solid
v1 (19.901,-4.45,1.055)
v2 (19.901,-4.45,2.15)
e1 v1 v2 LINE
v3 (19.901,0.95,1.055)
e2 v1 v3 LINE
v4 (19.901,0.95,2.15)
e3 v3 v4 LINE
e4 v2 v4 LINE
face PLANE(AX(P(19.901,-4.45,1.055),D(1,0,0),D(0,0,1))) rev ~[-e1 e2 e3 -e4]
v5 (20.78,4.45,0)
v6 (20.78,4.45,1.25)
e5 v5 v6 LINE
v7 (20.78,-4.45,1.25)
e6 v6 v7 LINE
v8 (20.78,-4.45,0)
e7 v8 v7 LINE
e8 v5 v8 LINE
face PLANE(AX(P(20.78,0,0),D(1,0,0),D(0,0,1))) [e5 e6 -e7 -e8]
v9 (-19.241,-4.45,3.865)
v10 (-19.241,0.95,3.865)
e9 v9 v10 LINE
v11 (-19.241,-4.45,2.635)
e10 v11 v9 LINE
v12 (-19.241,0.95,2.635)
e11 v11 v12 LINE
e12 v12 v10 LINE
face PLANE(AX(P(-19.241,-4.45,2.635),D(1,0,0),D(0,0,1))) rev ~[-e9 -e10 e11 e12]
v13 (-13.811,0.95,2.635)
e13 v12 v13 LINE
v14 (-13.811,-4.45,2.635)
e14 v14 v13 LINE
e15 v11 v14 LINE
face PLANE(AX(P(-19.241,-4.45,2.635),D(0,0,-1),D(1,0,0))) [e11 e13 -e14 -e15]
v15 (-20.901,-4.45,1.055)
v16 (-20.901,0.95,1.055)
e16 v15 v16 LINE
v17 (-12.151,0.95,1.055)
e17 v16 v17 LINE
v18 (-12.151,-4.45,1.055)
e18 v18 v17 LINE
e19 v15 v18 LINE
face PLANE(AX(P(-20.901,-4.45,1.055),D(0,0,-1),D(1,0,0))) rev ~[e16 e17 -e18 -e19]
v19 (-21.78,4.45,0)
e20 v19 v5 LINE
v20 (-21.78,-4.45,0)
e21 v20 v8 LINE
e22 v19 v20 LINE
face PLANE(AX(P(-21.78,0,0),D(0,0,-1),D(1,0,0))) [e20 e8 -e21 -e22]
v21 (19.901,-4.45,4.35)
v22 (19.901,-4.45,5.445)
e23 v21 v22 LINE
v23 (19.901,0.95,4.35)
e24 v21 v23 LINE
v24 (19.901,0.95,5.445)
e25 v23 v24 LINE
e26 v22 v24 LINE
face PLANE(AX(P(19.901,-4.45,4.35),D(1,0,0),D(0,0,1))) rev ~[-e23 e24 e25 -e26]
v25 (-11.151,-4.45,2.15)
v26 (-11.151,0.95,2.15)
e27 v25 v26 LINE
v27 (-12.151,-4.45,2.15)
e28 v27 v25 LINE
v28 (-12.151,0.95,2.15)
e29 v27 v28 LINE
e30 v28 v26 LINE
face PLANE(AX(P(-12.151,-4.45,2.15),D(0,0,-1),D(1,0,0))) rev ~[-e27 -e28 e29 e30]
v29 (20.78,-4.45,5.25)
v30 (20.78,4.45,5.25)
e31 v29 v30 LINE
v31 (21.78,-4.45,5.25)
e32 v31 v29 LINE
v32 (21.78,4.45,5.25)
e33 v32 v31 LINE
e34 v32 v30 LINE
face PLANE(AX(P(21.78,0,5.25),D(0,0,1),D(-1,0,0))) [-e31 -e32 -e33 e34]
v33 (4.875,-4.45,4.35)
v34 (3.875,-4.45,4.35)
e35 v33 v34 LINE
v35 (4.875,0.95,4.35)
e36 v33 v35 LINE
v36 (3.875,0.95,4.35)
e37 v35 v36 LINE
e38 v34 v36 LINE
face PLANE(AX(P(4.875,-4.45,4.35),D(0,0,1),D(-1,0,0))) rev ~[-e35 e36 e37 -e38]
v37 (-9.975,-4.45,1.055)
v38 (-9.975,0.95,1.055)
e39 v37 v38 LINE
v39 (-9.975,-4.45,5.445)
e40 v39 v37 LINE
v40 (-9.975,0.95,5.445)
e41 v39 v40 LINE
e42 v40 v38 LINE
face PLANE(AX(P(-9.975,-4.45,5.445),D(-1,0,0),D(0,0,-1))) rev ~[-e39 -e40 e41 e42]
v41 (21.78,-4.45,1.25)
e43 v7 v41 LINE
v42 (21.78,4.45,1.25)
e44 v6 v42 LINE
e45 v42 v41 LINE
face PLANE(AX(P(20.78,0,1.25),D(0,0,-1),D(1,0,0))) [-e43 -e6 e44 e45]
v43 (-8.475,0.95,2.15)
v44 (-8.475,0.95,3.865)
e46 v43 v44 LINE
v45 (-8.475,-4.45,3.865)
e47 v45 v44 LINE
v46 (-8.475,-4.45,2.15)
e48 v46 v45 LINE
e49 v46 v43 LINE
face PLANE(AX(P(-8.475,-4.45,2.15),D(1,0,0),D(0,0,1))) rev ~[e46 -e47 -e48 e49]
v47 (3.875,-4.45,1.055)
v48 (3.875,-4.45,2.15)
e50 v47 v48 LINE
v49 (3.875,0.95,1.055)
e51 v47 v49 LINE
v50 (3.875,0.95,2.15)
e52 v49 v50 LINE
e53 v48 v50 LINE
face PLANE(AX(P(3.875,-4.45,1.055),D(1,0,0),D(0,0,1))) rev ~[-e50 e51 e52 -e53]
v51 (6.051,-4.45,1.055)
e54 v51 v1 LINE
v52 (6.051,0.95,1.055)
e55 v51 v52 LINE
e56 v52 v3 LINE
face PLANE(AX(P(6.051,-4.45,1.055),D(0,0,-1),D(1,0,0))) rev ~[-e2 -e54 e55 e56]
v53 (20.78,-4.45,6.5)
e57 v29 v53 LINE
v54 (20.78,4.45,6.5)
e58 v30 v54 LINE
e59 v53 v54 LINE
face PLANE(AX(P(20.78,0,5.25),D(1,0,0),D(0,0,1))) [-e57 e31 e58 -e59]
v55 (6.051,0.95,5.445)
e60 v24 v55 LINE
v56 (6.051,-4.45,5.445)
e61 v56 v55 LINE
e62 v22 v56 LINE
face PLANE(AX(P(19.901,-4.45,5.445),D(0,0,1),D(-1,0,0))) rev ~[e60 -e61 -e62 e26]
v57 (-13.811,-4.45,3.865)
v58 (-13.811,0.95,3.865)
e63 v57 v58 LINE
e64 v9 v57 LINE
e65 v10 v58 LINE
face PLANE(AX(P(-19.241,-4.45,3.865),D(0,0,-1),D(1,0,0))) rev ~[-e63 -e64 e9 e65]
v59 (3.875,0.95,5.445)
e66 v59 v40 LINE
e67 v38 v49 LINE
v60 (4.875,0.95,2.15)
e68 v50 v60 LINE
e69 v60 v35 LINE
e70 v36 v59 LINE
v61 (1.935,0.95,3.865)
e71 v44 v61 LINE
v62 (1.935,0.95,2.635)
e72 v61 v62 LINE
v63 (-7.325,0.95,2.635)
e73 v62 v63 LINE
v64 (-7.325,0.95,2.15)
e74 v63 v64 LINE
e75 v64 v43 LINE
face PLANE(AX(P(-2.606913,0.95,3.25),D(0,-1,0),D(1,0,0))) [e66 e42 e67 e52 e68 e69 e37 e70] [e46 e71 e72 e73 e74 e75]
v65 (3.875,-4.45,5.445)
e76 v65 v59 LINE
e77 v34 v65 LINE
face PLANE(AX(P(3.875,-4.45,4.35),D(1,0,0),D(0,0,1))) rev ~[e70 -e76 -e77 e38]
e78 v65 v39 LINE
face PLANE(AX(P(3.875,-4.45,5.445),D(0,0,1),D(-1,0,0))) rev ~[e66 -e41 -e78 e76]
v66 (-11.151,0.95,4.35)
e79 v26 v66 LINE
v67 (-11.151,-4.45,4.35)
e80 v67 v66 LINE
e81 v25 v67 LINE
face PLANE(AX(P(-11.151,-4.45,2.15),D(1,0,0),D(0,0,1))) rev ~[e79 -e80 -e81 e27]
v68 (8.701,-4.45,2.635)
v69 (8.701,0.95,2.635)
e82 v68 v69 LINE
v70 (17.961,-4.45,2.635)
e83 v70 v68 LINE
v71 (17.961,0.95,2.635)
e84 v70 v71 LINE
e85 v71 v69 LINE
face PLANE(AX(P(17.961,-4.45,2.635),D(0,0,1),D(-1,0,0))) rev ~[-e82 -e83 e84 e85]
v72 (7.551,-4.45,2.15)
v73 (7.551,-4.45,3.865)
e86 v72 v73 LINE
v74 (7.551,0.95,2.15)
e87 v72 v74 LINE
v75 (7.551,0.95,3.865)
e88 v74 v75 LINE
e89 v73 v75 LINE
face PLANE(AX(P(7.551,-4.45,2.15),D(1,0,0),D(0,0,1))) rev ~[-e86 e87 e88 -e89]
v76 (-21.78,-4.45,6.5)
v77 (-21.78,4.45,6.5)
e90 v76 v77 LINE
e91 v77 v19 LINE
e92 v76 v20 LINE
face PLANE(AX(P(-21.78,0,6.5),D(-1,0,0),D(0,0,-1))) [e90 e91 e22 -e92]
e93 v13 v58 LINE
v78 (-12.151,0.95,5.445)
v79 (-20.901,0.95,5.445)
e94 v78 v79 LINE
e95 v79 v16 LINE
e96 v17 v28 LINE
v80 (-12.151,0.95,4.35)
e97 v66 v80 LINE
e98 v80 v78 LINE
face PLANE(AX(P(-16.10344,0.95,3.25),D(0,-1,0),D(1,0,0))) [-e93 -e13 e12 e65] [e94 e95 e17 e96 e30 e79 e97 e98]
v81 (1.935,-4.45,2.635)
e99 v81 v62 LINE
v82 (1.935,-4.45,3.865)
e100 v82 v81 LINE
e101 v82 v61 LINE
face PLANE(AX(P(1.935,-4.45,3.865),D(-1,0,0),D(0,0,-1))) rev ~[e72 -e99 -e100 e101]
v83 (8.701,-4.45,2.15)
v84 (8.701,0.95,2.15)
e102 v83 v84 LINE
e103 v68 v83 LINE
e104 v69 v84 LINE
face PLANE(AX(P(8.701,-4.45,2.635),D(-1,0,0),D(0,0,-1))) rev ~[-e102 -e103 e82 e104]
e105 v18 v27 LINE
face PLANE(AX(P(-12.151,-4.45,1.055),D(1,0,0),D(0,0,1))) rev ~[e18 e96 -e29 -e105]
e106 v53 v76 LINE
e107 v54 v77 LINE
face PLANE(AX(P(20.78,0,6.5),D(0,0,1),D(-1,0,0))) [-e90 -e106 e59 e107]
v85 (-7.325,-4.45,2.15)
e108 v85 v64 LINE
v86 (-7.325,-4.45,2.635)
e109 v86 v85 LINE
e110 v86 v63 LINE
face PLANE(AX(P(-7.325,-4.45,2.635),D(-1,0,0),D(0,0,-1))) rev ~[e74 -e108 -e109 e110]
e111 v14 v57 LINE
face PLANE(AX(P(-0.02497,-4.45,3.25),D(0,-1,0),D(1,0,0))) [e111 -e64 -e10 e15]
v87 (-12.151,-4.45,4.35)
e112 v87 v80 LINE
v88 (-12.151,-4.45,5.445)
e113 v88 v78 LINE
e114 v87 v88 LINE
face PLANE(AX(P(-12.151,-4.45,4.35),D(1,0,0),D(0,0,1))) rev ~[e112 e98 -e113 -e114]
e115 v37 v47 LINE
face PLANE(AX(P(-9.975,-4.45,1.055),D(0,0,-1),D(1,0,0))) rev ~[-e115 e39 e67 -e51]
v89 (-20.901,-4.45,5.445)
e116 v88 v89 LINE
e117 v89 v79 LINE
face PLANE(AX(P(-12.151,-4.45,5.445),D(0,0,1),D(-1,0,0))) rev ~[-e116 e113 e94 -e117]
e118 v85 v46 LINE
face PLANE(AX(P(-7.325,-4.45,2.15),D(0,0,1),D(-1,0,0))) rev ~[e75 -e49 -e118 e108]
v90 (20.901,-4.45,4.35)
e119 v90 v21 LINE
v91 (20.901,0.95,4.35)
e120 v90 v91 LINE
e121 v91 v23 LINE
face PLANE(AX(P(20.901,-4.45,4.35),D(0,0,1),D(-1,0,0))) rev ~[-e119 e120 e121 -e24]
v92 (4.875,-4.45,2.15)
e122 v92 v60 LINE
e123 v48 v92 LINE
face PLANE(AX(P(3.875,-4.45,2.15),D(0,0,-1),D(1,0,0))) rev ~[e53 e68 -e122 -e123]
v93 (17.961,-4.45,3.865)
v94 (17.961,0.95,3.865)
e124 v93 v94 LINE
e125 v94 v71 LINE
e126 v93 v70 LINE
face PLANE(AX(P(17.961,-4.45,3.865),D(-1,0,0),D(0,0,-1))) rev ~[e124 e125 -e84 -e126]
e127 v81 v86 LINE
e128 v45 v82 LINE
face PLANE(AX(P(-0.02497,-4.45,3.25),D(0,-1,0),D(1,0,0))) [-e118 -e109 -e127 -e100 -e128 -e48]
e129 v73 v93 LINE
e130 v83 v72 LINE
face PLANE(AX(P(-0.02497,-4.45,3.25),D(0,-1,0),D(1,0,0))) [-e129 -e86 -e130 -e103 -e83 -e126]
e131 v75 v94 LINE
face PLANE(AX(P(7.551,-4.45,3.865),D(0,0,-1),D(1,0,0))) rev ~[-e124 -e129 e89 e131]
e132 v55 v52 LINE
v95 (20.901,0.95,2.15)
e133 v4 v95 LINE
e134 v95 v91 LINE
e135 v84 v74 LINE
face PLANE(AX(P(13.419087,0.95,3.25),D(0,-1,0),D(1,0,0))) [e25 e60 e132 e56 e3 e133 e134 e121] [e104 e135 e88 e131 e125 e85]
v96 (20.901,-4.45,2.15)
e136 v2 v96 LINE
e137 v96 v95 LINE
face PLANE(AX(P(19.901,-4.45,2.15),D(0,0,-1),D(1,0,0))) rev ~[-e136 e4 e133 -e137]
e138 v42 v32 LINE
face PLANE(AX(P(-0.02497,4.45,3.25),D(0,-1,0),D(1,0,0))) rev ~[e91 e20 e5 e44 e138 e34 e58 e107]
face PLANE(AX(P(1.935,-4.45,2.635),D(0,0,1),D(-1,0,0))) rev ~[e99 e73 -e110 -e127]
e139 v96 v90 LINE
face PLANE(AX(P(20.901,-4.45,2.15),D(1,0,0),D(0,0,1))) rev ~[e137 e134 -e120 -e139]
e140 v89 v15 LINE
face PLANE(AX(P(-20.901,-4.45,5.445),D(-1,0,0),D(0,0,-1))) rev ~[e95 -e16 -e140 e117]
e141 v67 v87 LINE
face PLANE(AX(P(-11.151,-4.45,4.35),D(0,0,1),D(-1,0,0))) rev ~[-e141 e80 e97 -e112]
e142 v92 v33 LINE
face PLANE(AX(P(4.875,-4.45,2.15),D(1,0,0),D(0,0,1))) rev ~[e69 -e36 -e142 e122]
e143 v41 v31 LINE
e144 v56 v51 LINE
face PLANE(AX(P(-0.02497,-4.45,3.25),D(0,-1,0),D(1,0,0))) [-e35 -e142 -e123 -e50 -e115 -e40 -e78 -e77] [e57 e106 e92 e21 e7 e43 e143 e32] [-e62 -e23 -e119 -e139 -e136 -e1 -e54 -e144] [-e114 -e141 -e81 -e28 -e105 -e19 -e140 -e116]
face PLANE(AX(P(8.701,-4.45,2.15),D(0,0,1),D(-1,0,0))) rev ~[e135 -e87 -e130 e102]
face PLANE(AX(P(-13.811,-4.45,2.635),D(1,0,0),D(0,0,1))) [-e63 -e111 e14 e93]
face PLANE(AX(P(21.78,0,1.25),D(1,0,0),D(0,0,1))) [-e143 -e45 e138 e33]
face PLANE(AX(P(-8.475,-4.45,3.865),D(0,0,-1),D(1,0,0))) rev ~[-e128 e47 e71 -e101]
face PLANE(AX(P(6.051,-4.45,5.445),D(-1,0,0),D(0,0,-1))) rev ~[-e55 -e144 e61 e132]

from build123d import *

# Parameters (mm, degrees)
F1_DEPTH = 4.45
F2_W     = 5.43
F2_H     = 1.23
F3_DEPTH = 5.4


with BuildPart() as f1:
    # F0 (on Front) → F1 (new body, symmetric)
    with BuildSketch(Plane.XZ):
        Polygon((-21.78, 6.5), (-21.78, 0), (20.78, 0), (20.78, 1.25), (21.78, 1.25), (21.78, 5.25), (20.78, 5.25), (20.78, 6.5), align=None)
    extrude(amount=F1_DEPTH, both=True)

    # F2 (on face) → F3 (cut)
    with BuildSketch(Plane.XZ.offset(4.45)):
        Polygon((19.901, 4.35), (19.901, 5.445), (6.051, 5.445), (6.051, 1.055), (19.901, 1.055), (19.901, 2.15), (20.901, 2.15), (20.901, 4.35), align=None)
        Polygon((7.551, 2.15), (7.551, 3.865), (17.961, 3.865), (17.961, 2.635), (8.701, 2.635), (8.701, 2.15), align=None, mode=Mode.SUBTRACT)
        Polygon((-12.151, 5.445), (-20.901, 5.445), (-20.901, 1.055), (-12.151, 1.055), (-12.151, 2.15), (-11.151, 2.15), (-11.151, 4.35), (-12.151, 4.35), align=None)
        with Locations((-16.526, 3.25)):
            Rectangle(F2_W, F2_H, mode=Mode.SUBTRACT)
        Polygon((3.875, 5.445), (-9.975, 5.445), (-9.975, 1.055), (3.875, 1.055), (3.875, 2.15), (4.875, 2.15), (4.875, 4.35), (3.875, 4.35), align=None)
        Polygon((-8.475, 2.15), (-8.475, 3.865), (1.935, 3.865), (1.935, 2.635), (-7.325, 2.635), (-7.325, 2.15), align=None, mode=Mode.SUBTRACT)
    extrude(amount=-F3_DEPTH, mode=Mode.SUBTRACT)


solid = f1.part
